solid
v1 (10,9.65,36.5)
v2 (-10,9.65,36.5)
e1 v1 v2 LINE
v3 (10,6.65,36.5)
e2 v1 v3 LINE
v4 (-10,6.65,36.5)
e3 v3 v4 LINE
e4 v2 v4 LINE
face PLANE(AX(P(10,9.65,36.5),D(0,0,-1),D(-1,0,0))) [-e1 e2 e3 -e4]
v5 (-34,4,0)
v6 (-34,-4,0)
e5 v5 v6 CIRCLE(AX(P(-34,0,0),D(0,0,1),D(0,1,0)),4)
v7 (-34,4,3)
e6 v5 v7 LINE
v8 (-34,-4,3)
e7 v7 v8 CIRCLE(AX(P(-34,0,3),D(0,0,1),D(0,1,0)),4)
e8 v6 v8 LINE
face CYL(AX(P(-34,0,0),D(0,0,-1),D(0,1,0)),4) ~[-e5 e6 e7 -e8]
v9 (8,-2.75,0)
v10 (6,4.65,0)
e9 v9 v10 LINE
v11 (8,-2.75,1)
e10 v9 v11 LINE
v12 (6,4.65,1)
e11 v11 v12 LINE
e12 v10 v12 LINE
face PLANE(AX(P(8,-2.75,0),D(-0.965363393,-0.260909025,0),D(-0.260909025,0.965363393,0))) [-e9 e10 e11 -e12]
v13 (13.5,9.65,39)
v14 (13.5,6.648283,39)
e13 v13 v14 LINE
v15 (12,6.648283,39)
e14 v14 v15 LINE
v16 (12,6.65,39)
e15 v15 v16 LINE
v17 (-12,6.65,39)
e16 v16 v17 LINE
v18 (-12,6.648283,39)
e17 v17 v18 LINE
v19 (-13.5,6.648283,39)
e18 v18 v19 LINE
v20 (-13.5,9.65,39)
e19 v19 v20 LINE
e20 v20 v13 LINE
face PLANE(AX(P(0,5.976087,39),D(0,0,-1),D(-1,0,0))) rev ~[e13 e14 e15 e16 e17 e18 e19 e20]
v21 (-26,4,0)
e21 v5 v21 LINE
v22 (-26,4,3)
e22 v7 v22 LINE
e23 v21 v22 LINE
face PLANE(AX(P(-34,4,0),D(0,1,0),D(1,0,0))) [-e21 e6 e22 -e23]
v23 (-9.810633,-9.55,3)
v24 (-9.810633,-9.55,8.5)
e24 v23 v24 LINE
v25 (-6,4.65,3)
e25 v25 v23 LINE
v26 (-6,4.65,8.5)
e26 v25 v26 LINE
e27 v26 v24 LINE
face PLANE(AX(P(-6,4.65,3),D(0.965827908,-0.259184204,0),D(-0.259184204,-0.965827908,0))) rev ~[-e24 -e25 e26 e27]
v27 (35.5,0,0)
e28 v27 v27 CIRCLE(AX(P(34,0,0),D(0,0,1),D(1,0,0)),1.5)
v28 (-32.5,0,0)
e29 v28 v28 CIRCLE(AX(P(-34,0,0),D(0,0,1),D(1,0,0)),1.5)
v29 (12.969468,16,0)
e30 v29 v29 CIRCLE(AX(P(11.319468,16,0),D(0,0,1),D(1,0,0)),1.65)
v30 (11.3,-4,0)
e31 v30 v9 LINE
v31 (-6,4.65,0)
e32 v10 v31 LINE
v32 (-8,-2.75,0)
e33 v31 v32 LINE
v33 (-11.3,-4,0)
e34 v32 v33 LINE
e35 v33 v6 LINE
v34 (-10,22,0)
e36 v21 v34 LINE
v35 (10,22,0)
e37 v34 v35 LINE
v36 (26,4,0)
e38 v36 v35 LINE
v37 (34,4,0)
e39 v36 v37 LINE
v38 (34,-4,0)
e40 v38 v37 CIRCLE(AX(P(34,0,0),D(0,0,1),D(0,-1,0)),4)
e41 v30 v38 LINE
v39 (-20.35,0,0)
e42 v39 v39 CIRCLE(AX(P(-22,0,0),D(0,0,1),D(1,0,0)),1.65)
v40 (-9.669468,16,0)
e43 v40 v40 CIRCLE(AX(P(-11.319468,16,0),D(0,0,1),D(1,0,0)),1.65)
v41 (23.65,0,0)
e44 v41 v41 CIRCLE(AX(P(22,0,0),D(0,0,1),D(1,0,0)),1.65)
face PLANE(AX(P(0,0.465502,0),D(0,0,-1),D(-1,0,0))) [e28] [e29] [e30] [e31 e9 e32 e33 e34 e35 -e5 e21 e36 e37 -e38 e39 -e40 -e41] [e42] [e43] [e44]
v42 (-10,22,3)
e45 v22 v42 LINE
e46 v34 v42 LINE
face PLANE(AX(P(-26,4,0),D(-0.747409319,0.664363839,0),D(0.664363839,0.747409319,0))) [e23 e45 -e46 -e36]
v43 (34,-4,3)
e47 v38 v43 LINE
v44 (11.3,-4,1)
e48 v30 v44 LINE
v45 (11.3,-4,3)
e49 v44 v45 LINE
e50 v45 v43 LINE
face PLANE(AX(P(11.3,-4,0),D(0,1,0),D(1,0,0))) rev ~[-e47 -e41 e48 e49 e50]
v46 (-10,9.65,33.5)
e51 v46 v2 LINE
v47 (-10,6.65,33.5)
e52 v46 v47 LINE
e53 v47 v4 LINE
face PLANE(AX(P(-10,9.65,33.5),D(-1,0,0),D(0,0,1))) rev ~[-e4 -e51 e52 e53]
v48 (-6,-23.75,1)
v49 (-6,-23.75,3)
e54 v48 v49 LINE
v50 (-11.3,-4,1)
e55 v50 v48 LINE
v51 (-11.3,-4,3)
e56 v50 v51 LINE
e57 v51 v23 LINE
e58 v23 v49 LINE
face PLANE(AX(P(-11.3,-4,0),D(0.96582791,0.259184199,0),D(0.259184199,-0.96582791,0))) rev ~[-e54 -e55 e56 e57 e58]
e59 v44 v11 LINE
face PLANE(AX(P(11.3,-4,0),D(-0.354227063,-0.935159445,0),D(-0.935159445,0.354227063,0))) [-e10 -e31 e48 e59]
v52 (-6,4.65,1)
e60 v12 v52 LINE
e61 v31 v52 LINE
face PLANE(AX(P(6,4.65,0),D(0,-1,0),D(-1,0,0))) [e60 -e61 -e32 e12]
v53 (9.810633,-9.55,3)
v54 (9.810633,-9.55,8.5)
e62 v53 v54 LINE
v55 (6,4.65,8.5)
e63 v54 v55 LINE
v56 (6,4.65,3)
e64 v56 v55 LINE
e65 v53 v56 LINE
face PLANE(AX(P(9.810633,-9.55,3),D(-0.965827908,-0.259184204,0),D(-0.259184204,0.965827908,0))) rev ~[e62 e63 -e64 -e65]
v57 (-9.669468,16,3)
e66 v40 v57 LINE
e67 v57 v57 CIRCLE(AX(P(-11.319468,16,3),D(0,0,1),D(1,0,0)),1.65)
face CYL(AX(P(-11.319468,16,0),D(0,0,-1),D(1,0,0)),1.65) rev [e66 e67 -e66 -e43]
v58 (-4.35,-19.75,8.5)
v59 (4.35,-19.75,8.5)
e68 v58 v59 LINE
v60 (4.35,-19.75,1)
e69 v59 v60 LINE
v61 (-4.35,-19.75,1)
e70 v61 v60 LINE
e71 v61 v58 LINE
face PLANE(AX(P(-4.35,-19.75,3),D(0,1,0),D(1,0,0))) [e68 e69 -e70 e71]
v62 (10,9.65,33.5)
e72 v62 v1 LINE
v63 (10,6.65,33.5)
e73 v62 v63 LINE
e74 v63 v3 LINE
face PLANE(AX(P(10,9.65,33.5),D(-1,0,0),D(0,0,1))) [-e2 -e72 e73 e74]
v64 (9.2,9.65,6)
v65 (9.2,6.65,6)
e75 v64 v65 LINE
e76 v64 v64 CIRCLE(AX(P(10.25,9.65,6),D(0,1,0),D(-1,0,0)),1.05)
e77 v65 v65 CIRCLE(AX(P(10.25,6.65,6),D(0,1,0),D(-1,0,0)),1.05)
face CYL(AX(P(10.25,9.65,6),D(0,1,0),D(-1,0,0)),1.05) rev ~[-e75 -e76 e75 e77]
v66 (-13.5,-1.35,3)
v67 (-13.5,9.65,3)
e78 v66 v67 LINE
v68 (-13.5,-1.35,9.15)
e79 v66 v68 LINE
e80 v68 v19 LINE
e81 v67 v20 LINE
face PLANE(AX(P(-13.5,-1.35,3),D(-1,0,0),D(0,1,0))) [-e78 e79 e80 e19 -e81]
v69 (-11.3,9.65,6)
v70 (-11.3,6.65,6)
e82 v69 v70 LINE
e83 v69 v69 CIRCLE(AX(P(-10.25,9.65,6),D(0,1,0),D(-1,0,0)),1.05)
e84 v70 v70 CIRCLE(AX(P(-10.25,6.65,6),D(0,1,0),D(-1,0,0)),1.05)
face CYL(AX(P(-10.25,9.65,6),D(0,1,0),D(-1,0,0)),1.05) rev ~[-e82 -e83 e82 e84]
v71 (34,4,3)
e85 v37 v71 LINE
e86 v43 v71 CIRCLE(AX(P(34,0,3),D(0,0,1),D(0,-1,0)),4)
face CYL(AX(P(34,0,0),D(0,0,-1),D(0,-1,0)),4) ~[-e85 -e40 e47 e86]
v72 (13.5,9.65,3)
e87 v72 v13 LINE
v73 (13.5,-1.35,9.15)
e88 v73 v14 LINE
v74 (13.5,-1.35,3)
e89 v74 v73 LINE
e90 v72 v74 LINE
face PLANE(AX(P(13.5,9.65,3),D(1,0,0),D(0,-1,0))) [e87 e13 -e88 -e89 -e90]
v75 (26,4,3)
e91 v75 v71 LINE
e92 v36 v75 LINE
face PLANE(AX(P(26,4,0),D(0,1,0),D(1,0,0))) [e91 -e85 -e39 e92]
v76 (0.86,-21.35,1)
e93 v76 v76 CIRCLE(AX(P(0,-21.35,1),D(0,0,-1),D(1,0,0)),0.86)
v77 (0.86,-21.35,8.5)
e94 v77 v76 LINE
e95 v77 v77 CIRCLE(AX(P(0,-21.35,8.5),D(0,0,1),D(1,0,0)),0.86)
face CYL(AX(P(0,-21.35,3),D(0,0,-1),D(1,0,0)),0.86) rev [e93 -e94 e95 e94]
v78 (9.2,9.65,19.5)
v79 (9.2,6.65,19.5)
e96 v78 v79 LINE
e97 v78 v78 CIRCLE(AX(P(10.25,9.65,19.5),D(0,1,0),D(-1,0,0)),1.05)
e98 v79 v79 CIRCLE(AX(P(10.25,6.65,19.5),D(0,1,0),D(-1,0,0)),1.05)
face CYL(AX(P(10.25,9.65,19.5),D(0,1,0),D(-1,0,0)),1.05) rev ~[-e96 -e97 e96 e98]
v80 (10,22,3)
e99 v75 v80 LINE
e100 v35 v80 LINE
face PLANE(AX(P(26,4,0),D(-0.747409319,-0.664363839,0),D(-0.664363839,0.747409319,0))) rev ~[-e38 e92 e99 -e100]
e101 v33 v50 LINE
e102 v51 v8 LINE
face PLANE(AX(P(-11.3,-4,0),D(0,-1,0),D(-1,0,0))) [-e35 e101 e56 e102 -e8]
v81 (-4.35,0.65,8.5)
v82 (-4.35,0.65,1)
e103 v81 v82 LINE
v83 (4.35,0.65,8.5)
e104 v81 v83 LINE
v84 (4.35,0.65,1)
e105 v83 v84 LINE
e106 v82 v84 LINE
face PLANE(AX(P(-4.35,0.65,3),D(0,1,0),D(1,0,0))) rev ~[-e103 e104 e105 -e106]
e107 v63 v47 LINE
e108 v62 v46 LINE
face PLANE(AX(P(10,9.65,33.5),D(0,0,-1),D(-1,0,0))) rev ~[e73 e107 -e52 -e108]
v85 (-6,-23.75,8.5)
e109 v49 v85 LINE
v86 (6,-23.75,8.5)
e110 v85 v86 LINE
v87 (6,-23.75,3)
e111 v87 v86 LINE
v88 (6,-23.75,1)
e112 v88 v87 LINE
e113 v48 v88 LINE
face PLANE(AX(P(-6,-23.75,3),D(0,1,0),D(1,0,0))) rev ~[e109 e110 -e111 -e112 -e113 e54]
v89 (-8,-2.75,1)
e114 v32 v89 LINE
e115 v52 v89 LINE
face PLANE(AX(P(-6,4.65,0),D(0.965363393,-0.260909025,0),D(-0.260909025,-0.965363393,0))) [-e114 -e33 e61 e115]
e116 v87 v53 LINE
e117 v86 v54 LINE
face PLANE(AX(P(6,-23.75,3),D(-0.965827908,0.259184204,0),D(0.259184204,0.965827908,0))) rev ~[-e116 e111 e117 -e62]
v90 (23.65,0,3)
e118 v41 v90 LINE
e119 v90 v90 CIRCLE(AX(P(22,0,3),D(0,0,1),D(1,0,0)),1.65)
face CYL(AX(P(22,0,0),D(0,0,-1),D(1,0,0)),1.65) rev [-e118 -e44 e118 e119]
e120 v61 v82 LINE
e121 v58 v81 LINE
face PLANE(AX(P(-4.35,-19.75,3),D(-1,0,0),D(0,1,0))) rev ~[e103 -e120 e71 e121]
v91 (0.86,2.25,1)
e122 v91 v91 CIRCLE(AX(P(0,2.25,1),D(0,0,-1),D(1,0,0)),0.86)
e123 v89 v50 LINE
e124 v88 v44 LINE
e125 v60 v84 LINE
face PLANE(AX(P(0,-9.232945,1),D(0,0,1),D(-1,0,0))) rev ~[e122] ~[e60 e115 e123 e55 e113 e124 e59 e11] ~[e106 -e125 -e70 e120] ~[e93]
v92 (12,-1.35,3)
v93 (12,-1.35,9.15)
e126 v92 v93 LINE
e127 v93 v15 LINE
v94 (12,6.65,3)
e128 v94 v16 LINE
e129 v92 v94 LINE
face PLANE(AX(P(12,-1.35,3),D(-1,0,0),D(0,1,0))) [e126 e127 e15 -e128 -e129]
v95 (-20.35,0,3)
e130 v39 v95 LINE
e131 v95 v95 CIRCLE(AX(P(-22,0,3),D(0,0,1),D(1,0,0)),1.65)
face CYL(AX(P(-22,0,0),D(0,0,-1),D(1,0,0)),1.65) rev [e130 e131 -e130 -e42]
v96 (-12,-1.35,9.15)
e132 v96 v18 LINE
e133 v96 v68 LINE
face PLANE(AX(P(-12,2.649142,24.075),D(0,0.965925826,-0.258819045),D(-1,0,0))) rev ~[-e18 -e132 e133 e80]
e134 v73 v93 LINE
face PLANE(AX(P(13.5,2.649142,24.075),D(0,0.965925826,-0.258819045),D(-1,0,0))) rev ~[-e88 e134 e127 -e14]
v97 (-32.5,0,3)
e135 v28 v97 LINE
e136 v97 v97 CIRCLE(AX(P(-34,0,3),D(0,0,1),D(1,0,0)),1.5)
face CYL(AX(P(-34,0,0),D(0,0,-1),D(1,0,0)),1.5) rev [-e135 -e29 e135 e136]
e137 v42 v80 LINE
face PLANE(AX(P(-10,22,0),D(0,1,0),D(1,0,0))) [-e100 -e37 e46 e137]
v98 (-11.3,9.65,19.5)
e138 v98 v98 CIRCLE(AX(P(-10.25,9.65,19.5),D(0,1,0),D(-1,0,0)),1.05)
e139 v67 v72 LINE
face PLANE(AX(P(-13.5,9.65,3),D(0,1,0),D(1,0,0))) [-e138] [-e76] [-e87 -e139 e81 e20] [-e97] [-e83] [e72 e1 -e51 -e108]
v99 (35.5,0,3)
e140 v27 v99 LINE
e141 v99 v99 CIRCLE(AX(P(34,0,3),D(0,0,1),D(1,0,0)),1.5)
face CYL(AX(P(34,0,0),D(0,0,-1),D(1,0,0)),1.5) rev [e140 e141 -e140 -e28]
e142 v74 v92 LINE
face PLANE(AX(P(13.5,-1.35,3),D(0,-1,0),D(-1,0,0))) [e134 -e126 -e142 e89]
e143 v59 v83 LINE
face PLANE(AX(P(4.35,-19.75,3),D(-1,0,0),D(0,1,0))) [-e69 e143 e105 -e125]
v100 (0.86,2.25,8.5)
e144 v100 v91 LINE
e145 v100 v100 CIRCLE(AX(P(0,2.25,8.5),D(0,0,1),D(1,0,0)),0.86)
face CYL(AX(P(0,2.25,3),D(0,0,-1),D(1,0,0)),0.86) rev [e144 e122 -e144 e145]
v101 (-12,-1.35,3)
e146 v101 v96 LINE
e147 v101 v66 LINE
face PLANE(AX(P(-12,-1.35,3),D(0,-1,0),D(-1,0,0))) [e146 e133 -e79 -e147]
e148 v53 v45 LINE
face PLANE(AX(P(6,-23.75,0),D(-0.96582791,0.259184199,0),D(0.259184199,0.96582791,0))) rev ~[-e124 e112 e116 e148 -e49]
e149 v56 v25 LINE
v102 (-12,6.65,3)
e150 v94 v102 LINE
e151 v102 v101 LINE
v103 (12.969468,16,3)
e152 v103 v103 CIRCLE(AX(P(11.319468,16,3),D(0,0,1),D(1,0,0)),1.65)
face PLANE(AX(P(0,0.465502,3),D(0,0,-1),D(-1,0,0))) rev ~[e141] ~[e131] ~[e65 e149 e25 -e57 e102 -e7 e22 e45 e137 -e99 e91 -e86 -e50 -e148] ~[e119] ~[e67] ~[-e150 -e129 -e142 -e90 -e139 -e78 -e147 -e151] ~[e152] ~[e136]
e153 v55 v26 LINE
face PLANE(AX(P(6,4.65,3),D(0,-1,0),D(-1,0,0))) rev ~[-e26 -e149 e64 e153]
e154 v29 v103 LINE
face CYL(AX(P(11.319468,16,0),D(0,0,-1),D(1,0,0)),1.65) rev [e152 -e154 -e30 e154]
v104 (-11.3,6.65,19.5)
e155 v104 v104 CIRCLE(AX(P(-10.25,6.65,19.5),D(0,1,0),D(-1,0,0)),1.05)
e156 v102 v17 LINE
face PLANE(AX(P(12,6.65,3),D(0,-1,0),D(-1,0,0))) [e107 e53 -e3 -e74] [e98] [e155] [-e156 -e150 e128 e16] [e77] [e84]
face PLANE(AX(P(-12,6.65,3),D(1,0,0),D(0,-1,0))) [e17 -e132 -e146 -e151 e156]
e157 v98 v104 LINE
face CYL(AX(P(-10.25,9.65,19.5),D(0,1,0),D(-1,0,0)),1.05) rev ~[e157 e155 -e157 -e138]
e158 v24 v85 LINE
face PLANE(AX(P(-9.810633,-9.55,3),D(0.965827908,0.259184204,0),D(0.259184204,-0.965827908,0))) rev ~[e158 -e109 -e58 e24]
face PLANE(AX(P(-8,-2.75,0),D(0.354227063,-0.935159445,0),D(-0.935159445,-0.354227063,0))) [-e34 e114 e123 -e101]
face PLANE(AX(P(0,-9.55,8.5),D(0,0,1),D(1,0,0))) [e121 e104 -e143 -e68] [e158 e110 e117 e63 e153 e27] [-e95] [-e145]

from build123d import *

# Parameters (mm, degrees)
SKETCH_R        = 0.86
SKETCH_R_2      = 1.5
SKETCH_R_3      = 1.65
SKETCH_W        = 8.7
SKETCH_H        = 20.4
PAD_DEPTH       = 3
SKETCH001_R     = 0.86
SKETCH001_W     = 8.7
SKETCH001_H     = 20.4
PAD001_DEPTH    = 5.5
PAD002_DEPTH    = 36
CHAMFER_1_ANGLE = 15
CHAMFER_1_SIZE  = 29.85
CHAMFER_2_ANGLE = 15
CHAMFER_2_SIZE  = 29.85
SKETCH003_R     = 1.05
SKETCH003_W     = 20
SKETCH003_H     = 3
POCKET_DEPTH    = 3
POCKET001_DEPTH = 1


with BuildPart() as part:
    # Sketch → Pad (new body)
    with BuildSketch(Plane.XY):
        with BuildLine():
            Line((-11.3, -4), (-26, -4))
            Line((-26, -4), (-34, -4))
            ThreePointArc((-34, 4), (-38, 0), (-34, -4))
            Line((-34, 4), (-26, 4))
            Line((-26, 4), (-10, 22))
            Line((-10, 22), (10, 22))
            Line((26, 4), (10, 22))
            Line((26, 4), (34, 4))
            ThreePointArc((34, -4), (38, 0), (34, 4))
            Line((26, -4), (34, -4))
            Line((11.3, -4), (26, -4))
            Line((6, -23.75), (11.3, -4))
            Line((-6, -23.75), (6, -23.75))
            Line((-11.3, -4), (-6, -23.75))
        make_face()
        with Locations((0, 2.25)):
            Circle(SKETCH_R, mode=Mode.SUBTRACT)
        with Locations((0, -21.35)):
            Circle(SKETCH_R, mode=Mode.SUBTRACT)
        with Locations((-34, 0)):
            Circle(SKETCH_R_2, mode=Mode.SUBTRACT)
        with Locations((34, 0)):
            Circle(SKETCH_R_2, mode=Mode.SUBTRACT)
        with Locations((-22, 0)):
            Circle(SKETCH_R_3, mode=Mode.SUBTRACT)
        with Locations((-11.319468, 16)):
            Circle(SKETCH_R_3, mode=Mode.SUBTRACT)
        with Locations((11.319468, 16)):
            Circle(SKETCH_R_3, mode=Mode.SUBTRACT)
        with Locations((22, 0)):
            Circle(SKETCH_R_3, mode=Mode.SUBTRACT)
        with Locations((0, -9.55)):
            Rectangle(SKETCH_W, SKETCH_H, mode=Mode.SUBTRACT)
    extrude(amount=PAD_DEPTH)

    # Sketch001 (on Face24 of Pad) → Pad001 (join)
    with BuildSketch(Plane.XY.offset(3)):
        Polygon((-6, -23.75), (6, -23.75), (9.810633, -9.55), (6, 4.65), (-6, 4.65), (-9.810633, -9.55), align=None)
        with Locations((0, -21.35)):
            Circle(SKETCH001_R, mode=Mode.SUBTRACT)
        with Locations((0, 2.25)):
            Circle(SKETCH001_R, mode=Mode.SUBTRACT)
        with Locations((0, -9.55)):
            Rectangle(SKETCH001_W, SKETCH001_H, mode=Mode.SUBTRACT)
    extrude(amount=PAD001_DEPTH)

    # Sketch002 (on Face5 of Pad001) → Pad002 (join)
    with BuildSketch(Plane.XY.offset(3)):
        Polygon((-12, 6.65), (-12, -1.35), (-13.5, -1.35), (-13.5, 9.65), (13.5, 9.65), (13.5, -1.35), (12, -1.35), (12, 6.65), align=None)
    extrude(amount=PAD002_DEPTH)

    # Chamfer 1
    chamfer_1_edges = [part.edges().sort_by_distance(p)[0] for p in [
        (-12.75, -1.35, 39),
    ]]
    chamfer_1_side = part.faces().sort_by_distance((-12.75, -1.35, 21))[0]
    chamfer(chamfer_1_edges, length=CHAMFER_1_SIZE, angle=CHAMFER_1_ANGLE, reference=chamfer_1_side)

    # Chamfer 2
    chamfer_2_edges = [part.edges().sort_by_distance(p)[0] for p in [
        (12.75, -1.35, 39),
    ]]
    chamfer_2_side = part.faces().sort_by_distance((12.75, -1.35, 21))[0]
    chamfer(chamfer_2_edges, length=CHAMFER_2_SIZE, angle=CHAMFER_2_ANGLE, reference=chamfer_2_side)

    # Sketch003 (on Face26 of Chamfer) → Pocket (cut)
    with BuildSketch(Plane(origin=(0, 9.65, 0), x_dir=(-1, 0, 0), z_dir=(0, 1, 0))):
        with Locations((-10.25, 6)):
            Circle(SKETCH003_R)
        with Locations((-10.25, 19.5)):
            Circle(SKETCH003_R)
        with Locations((10.25, 6)):
            Circle(SKETCH003_R)
        with Locations((10.25, 19.5)):
            Circle(SKETCH003_R)
        with Locations((0, 35)):
            Rectangle(SKETCH003_W, SKETCH003_H)
    extrude(amount=-POCKET_DEPTH, mode=Mode.SUBTRACT)

    # Sketch004 (on Face41 of Pocket) → Pocket001 (cut)
    with BuildSketch(Plane(origin=(0, 0, 0), x_dir=(1, 0, 0), z_dir=(0, 0, -1))):
        Polygon((-8, 2.75), (-11.3, 4), (-6, 23.75), (6, 23.75), (11.3, 4), (8, 2.75), (6, -4.65), (-6, -4.65), align=None)
    extrude(amount=-POCKET001_DEPTH, mode=Mode.SUBTRACT)


solid = part.part
